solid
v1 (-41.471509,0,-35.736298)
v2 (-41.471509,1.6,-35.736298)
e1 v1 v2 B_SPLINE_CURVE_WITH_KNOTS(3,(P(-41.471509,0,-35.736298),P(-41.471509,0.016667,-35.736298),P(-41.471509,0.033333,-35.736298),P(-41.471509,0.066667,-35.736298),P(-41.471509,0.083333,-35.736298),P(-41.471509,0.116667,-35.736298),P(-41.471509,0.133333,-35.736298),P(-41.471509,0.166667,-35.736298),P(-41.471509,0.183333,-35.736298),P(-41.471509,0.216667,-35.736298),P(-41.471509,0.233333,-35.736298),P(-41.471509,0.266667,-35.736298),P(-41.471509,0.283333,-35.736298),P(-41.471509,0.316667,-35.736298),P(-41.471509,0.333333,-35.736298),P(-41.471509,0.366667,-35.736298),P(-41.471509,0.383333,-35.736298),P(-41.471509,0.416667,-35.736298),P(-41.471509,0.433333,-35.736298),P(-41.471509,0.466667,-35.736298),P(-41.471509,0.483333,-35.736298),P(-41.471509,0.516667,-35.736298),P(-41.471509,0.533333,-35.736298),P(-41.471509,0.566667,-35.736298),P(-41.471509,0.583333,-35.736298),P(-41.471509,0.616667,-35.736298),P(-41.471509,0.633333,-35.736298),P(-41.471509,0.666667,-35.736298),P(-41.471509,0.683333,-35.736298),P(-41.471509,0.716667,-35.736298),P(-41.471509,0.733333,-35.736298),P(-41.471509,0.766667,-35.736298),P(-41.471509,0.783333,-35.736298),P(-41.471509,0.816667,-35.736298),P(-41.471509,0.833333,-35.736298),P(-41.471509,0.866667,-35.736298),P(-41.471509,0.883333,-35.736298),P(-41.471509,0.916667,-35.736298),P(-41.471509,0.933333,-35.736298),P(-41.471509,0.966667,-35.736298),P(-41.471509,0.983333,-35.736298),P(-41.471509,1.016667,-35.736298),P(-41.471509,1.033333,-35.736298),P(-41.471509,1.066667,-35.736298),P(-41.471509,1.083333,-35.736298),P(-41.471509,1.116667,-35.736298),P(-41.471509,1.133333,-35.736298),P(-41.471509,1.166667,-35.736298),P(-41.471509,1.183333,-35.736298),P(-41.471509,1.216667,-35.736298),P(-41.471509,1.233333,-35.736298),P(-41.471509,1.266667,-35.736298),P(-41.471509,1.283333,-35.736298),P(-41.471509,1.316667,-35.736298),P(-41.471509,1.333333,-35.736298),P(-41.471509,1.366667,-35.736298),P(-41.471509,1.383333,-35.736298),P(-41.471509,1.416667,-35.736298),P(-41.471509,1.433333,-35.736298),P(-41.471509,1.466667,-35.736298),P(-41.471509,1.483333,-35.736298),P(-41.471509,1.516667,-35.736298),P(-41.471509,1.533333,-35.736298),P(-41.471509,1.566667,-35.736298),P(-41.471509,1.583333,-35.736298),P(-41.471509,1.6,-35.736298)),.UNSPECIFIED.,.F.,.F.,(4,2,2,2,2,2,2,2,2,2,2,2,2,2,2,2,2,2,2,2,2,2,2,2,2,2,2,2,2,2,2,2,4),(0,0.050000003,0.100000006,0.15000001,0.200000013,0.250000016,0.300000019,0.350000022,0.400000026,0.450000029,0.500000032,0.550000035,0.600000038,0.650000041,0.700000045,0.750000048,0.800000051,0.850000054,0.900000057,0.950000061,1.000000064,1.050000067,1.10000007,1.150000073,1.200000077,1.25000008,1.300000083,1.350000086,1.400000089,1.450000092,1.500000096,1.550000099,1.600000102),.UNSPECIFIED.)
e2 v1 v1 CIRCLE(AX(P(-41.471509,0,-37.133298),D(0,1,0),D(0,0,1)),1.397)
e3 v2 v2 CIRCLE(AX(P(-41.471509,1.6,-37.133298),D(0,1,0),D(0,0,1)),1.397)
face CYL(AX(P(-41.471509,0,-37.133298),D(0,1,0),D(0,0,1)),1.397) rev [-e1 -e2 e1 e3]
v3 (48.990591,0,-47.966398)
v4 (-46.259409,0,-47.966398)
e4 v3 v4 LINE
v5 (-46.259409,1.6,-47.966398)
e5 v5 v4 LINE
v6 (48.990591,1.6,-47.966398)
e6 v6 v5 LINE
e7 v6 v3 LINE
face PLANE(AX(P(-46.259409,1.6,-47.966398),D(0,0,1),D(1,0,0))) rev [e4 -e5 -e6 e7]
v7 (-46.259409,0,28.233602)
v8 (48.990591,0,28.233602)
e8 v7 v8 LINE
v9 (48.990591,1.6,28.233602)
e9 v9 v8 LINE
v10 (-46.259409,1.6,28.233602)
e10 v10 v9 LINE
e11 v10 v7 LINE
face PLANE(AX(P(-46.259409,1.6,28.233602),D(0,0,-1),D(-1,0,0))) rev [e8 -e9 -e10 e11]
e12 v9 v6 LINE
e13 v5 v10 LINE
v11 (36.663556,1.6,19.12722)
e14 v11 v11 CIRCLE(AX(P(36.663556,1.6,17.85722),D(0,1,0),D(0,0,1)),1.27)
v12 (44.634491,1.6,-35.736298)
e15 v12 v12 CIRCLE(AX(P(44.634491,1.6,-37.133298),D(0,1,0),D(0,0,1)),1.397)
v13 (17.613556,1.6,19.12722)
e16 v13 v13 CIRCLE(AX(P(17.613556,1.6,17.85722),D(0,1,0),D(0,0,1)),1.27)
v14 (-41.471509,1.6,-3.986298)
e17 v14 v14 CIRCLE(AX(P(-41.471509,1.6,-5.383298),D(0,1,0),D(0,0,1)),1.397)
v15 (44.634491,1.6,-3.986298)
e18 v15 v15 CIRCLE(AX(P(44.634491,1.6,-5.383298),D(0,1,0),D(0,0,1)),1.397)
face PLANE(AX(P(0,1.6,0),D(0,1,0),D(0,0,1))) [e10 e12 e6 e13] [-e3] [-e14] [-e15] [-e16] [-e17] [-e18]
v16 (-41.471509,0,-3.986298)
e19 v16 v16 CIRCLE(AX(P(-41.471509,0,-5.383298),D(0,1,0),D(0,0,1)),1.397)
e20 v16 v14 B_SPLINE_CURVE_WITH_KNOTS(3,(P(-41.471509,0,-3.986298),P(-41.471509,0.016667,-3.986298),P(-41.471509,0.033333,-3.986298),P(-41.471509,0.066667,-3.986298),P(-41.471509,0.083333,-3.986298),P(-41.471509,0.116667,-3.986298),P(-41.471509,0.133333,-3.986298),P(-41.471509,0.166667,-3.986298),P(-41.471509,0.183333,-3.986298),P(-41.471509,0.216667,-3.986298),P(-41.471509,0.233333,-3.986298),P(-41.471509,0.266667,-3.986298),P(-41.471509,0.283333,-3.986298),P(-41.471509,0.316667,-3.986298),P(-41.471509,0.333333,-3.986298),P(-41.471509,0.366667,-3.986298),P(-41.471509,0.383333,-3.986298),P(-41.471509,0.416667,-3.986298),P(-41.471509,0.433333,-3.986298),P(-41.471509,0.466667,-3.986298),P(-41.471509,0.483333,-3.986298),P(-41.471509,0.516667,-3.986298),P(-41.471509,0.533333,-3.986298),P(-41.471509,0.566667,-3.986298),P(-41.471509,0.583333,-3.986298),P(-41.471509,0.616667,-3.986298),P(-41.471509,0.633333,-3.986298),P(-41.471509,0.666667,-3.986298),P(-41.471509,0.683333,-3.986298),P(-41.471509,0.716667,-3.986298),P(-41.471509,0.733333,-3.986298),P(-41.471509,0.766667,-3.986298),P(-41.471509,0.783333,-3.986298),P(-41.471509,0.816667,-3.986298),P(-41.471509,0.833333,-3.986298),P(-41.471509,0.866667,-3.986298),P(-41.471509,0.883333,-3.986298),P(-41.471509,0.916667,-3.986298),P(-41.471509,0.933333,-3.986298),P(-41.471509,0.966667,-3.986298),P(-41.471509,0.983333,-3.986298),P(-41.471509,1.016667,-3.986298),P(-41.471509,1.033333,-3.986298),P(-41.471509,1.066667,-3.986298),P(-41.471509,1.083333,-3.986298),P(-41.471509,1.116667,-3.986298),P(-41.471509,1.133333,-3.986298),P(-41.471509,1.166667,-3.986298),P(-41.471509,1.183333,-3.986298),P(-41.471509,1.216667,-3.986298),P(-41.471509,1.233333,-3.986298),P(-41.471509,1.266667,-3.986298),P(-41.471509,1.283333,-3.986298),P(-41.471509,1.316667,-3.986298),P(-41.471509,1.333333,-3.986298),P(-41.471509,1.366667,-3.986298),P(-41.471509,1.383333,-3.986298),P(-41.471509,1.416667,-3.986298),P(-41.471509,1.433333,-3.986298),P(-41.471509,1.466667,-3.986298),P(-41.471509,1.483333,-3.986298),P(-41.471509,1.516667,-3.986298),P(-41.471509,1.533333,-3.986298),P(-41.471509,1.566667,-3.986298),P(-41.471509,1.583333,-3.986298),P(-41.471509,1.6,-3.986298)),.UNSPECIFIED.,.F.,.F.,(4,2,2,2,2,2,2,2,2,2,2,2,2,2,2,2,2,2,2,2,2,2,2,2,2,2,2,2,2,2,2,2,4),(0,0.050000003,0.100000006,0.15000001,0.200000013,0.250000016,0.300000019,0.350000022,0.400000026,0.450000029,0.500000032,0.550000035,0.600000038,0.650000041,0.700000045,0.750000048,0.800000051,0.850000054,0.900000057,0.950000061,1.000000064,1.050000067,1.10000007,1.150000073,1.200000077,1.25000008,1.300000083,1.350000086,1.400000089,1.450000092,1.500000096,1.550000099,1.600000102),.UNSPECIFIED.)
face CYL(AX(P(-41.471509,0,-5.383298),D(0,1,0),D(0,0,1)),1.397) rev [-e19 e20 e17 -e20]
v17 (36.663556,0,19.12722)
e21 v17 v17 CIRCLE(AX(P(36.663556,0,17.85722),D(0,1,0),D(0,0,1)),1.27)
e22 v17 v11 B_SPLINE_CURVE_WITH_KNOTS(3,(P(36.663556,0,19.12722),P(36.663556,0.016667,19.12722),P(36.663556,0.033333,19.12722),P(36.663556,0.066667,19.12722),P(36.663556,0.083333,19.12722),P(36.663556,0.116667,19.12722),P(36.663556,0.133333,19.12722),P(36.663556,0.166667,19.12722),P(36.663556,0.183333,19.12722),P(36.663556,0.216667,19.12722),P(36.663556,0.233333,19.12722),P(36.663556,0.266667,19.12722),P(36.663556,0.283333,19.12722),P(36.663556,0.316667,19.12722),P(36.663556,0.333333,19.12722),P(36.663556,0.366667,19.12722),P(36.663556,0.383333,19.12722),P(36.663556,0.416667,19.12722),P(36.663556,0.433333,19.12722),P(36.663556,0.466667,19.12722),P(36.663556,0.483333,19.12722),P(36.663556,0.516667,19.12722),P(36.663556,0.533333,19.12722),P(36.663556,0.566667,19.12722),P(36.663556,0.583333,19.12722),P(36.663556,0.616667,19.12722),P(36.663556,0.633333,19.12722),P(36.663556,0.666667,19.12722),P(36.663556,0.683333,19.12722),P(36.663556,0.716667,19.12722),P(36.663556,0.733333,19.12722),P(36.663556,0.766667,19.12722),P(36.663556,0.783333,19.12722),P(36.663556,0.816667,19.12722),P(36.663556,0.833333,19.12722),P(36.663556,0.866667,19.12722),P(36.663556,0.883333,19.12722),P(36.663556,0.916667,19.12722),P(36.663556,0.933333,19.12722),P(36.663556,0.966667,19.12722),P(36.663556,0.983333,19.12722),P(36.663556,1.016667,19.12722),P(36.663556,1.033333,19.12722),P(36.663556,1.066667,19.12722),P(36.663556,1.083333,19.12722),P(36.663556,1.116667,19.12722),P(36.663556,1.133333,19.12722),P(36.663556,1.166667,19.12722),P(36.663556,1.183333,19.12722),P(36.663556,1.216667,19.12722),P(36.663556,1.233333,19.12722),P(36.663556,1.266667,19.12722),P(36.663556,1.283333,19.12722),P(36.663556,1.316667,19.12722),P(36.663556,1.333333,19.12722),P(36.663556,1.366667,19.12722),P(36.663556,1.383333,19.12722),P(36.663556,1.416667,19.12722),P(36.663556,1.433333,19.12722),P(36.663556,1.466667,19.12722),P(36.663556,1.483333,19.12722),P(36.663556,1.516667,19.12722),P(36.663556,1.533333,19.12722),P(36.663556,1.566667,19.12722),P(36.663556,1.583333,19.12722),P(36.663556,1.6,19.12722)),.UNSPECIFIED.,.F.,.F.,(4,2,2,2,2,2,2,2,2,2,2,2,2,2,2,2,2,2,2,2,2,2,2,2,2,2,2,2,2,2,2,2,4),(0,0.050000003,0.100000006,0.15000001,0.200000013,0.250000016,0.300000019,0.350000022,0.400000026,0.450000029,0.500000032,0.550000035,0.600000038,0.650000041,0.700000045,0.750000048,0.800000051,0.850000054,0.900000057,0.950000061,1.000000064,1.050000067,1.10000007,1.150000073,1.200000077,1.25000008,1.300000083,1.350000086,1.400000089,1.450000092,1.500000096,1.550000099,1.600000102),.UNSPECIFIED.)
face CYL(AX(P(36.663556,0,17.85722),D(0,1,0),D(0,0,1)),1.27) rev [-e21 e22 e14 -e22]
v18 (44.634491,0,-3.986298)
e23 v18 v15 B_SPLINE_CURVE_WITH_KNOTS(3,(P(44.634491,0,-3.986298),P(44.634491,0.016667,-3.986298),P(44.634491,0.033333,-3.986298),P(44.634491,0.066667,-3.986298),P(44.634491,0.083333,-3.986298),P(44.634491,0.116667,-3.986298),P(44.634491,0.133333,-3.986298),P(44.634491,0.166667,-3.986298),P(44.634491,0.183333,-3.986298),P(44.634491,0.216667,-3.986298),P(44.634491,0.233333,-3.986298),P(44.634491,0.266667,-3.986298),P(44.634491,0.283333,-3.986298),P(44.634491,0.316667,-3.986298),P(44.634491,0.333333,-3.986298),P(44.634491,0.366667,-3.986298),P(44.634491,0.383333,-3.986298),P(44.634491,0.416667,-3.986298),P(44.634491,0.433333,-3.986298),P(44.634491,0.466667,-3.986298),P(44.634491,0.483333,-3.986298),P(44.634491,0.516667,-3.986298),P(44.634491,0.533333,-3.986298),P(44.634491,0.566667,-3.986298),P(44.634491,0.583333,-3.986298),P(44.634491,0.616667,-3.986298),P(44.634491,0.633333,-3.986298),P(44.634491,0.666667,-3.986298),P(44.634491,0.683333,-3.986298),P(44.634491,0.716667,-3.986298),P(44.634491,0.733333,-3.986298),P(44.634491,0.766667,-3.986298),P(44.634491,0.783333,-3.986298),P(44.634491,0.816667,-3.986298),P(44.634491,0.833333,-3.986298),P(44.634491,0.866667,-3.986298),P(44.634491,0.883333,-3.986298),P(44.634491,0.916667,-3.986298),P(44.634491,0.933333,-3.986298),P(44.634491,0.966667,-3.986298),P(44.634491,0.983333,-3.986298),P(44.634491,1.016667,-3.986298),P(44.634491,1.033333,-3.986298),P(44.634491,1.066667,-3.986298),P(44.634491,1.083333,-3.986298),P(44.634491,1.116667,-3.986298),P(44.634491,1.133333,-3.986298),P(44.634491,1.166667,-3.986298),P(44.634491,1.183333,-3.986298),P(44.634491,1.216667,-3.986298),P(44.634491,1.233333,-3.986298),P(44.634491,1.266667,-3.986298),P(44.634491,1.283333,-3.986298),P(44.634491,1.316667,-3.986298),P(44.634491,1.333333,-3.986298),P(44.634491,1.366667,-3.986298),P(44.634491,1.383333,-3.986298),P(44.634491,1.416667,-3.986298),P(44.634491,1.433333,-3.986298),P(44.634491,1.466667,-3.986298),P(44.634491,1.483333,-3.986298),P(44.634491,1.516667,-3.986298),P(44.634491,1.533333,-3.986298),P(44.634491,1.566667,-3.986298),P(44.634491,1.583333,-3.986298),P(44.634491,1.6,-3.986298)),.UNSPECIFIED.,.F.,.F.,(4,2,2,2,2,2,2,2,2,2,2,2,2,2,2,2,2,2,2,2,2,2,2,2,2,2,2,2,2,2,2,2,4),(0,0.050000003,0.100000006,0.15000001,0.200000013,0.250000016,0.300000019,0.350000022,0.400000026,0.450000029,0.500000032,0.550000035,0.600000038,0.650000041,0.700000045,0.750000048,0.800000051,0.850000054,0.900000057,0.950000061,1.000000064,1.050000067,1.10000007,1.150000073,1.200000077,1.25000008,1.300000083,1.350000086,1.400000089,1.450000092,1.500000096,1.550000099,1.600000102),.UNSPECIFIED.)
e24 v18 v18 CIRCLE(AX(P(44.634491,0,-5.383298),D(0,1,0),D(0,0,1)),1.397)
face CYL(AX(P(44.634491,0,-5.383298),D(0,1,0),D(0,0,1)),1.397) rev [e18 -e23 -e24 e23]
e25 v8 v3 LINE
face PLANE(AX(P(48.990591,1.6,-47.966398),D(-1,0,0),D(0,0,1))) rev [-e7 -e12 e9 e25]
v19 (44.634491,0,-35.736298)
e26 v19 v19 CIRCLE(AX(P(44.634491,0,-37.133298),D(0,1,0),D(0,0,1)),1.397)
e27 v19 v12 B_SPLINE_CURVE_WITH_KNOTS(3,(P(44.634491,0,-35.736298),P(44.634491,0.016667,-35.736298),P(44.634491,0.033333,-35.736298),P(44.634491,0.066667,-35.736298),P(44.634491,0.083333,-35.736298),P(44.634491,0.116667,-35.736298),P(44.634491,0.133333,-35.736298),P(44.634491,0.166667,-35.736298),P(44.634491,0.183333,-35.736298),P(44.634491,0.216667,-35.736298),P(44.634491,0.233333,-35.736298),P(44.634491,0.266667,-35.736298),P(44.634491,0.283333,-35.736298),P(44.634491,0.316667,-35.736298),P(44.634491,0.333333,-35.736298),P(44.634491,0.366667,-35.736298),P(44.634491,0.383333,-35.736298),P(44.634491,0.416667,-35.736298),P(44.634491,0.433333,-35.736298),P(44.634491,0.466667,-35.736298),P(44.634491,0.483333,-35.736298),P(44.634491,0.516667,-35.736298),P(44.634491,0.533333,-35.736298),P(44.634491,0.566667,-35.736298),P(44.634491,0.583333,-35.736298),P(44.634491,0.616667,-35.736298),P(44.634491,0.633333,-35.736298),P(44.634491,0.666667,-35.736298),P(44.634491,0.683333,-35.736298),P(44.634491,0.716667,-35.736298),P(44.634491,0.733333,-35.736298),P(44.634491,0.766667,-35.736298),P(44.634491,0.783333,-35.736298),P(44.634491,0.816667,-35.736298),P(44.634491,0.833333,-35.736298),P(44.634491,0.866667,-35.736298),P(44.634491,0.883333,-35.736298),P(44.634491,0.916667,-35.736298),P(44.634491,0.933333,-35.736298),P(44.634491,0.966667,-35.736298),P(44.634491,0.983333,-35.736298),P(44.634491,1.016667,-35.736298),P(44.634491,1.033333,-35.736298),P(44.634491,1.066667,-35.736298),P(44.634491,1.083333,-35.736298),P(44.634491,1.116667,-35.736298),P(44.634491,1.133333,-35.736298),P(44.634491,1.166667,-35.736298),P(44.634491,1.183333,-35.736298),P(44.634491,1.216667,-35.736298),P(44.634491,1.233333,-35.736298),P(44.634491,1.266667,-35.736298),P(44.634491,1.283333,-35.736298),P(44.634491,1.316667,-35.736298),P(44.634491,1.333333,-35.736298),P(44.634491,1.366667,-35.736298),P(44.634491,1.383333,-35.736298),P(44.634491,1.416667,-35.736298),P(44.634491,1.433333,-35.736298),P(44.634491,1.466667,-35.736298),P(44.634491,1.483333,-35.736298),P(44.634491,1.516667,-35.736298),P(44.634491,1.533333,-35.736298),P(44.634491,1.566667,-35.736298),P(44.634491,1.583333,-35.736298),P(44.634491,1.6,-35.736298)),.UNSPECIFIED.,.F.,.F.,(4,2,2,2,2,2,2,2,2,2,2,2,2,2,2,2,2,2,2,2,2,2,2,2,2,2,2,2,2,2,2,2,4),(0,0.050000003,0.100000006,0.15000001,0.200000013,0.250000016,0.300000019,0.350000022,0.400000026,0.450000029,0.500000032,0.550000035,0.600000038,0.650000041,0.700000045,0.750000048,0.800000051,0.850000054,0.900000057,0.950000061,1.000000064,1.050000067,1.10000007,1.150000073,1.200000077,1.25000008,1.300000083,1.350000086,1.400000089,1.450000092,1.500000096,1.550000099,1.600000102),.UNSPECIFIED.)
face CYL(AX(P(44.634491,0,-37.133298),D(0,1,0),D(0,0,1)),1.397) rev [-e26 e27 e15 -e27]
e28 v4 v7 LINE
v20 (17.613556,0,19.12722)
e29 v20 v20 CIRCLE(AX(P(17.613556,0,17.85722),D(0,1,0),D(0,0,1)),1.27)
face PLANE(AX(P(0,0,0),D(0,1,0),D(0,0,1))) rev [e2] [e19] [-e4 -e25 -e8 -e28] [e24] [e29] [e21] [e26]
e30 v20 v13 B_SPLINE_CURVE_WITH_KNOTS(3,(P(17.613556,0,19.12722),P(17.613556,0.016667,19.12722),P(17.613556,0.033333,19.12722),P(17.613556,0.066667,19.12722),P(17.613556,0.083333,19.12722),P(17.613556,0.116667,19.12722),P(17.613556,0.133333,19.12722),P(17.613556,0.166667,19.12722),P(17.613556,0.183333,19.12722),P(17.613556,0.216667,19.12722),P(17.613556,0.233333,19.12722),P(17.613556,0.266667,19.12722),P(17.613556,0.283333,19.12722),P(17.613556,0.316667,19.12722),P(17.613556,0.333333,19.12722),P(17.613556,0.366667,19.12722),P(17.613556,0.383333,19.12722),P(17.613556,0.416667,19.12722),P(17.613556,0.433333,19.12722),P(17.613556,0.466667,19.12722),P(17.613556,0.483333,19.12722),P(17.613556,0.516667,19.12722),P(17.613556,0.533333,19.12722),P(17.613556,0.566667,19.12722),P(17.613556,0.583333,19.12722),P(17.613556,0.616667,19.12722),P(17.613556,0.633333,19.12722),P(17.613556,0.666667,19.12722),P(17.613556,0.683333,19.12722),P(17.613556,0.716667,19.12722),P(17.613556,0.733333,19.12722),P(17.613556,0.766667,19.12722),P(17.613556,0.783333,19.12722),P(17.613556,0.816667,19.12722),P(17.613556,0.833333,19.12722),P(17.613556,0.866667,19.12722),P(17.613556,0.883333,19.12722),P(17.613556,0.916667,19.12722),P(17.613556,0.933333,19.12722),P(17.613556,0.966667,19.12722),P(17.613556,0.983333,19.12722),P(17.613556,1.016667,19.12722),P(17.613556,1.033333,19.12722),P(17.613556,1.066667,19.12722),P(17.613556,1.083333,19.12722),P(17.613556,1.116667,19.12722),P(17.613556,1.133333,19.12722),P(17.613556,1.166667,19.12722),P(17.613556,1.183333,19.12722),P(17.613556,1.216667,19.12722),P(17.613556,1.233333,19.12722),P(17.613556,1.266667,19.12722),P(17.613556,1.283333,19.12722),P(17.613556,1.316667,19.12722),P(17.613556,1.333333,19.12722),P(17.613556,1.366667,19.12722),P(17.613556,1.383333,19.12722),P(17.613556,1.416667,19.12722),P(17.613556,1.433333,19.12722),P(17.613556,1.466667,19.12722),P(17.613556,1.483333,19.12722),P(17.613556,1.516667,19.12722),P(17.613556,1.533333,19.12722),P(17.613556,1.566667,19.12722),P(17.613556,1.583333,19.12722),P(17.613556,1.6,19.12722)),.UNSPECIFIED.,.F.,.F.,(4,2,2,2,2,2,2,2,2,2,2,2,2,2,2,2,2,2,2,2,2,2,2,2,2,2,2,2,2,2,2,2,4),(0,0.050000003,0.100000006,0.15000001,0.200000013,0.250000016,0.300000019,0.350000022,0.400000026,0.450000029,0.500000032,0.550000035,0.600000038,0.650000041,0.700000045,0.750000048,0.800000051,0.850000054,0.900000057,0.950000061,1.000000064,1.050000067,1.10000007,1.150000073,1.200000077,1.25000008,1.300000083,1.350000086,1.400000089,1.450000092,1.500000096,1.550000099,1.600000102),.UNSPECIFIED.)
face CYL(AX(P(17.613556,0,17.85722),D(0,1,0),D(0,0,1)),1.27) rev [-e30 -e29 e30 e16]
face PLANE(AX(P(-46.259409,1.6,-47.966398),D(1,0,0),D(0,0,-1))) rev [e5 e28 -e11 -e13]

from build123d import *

# Parameters (mm, degrees)
SKETCH1_W            = 95.25
SKETCH1_H            = 76.2
BOSS_EXTRUDE1_DEPTH  = 1.600000102
SKETCH2_R            = 1.397
CUT_EXTRUDE1_DEPTH   = 69.581436034
LPATTERN1_COUNT      = 2
LPATTERN1_PITCH      = 86.106
LPATTERN1_COUNT_DIR2 = 2
LPATTERN1_PITCH_DIR2 = 31.75
SKETCH4_R            = 1.27
CUT_EXTRUDE2_DEPTH   = 69.581436034
LPATTERN2_COUNT      = 2
LPATTERN2_PITCH      = 19.05


with BuildPart() as part:
    # Sketch1 → Boss-Extrude1 (new body)
    with BuildSketch(Plane(origin=(0, 0, 0), x_dir=(1, 0, 0), z_dir=(0, 1, 0))):
        with Locations((1.365591398, 9.866397849)):
            Rectangle(SKETCH1_W, SKETCH1_H)
    extrude(amount=BOSS_EXTRUDE1_DEPTH)

    # Sketch2 → Cut-Extrude1 (cut, through all)
    with BuildSketch(Plane(origin=(0, 1.600000102, 0), x_dir=(1, 0, 0), z_dir=(0, 1, 0))):
        with Locations(Location((-41.471508602, 37.133297849, 0), (0, 0, 270))):
            Circle(SKETCH2_R)
    cut_extrude1 = extrude(amount=-CUT_EXTRUDE1_DEPTH, mode=Mode.SUBTRACT)

    # LPattern1: Cut-Extrude1 2 × 2
    with Locations(*[(i * LPATTERN1_PITCH, 0, j * LPATTERN1_PITCH_DIR2) for i in range(LPATTERN1_COUNT) for j in range(LPATTERN1_COUNT_DIR2) if (i, j) != (0, 0)]):
        add(cut_extrude1, mode=Mode.SUBTRACT)

    # Sketch4 → Cut-Extrude2 (cut, through all)
    with BuildSketch(Plane(origin=(0, 1.600000102, 0), x_dir=(1, 0, 0), z_dir=(0, 1, 0))):
        with Locations(Location((17.613555931, -17.857220142, 0), (0, 0, 270))):
            Circle(SKETCH4_R)
    cut_extrude2 = extrude(amount=-CUT_EXTRUDE2_DEPTH, mode=Mode.SUBTRACT)

    # LPattern2: Cut-Extrude2 ×2
    with Locations(*[(i * LPATTERN2_PITCH, 0, 0) for i in range(1, LPATTERN2_COUNT)]):
        add(cut_extrude2, mode=Mode.SUBTRACT)


solid = part.part
